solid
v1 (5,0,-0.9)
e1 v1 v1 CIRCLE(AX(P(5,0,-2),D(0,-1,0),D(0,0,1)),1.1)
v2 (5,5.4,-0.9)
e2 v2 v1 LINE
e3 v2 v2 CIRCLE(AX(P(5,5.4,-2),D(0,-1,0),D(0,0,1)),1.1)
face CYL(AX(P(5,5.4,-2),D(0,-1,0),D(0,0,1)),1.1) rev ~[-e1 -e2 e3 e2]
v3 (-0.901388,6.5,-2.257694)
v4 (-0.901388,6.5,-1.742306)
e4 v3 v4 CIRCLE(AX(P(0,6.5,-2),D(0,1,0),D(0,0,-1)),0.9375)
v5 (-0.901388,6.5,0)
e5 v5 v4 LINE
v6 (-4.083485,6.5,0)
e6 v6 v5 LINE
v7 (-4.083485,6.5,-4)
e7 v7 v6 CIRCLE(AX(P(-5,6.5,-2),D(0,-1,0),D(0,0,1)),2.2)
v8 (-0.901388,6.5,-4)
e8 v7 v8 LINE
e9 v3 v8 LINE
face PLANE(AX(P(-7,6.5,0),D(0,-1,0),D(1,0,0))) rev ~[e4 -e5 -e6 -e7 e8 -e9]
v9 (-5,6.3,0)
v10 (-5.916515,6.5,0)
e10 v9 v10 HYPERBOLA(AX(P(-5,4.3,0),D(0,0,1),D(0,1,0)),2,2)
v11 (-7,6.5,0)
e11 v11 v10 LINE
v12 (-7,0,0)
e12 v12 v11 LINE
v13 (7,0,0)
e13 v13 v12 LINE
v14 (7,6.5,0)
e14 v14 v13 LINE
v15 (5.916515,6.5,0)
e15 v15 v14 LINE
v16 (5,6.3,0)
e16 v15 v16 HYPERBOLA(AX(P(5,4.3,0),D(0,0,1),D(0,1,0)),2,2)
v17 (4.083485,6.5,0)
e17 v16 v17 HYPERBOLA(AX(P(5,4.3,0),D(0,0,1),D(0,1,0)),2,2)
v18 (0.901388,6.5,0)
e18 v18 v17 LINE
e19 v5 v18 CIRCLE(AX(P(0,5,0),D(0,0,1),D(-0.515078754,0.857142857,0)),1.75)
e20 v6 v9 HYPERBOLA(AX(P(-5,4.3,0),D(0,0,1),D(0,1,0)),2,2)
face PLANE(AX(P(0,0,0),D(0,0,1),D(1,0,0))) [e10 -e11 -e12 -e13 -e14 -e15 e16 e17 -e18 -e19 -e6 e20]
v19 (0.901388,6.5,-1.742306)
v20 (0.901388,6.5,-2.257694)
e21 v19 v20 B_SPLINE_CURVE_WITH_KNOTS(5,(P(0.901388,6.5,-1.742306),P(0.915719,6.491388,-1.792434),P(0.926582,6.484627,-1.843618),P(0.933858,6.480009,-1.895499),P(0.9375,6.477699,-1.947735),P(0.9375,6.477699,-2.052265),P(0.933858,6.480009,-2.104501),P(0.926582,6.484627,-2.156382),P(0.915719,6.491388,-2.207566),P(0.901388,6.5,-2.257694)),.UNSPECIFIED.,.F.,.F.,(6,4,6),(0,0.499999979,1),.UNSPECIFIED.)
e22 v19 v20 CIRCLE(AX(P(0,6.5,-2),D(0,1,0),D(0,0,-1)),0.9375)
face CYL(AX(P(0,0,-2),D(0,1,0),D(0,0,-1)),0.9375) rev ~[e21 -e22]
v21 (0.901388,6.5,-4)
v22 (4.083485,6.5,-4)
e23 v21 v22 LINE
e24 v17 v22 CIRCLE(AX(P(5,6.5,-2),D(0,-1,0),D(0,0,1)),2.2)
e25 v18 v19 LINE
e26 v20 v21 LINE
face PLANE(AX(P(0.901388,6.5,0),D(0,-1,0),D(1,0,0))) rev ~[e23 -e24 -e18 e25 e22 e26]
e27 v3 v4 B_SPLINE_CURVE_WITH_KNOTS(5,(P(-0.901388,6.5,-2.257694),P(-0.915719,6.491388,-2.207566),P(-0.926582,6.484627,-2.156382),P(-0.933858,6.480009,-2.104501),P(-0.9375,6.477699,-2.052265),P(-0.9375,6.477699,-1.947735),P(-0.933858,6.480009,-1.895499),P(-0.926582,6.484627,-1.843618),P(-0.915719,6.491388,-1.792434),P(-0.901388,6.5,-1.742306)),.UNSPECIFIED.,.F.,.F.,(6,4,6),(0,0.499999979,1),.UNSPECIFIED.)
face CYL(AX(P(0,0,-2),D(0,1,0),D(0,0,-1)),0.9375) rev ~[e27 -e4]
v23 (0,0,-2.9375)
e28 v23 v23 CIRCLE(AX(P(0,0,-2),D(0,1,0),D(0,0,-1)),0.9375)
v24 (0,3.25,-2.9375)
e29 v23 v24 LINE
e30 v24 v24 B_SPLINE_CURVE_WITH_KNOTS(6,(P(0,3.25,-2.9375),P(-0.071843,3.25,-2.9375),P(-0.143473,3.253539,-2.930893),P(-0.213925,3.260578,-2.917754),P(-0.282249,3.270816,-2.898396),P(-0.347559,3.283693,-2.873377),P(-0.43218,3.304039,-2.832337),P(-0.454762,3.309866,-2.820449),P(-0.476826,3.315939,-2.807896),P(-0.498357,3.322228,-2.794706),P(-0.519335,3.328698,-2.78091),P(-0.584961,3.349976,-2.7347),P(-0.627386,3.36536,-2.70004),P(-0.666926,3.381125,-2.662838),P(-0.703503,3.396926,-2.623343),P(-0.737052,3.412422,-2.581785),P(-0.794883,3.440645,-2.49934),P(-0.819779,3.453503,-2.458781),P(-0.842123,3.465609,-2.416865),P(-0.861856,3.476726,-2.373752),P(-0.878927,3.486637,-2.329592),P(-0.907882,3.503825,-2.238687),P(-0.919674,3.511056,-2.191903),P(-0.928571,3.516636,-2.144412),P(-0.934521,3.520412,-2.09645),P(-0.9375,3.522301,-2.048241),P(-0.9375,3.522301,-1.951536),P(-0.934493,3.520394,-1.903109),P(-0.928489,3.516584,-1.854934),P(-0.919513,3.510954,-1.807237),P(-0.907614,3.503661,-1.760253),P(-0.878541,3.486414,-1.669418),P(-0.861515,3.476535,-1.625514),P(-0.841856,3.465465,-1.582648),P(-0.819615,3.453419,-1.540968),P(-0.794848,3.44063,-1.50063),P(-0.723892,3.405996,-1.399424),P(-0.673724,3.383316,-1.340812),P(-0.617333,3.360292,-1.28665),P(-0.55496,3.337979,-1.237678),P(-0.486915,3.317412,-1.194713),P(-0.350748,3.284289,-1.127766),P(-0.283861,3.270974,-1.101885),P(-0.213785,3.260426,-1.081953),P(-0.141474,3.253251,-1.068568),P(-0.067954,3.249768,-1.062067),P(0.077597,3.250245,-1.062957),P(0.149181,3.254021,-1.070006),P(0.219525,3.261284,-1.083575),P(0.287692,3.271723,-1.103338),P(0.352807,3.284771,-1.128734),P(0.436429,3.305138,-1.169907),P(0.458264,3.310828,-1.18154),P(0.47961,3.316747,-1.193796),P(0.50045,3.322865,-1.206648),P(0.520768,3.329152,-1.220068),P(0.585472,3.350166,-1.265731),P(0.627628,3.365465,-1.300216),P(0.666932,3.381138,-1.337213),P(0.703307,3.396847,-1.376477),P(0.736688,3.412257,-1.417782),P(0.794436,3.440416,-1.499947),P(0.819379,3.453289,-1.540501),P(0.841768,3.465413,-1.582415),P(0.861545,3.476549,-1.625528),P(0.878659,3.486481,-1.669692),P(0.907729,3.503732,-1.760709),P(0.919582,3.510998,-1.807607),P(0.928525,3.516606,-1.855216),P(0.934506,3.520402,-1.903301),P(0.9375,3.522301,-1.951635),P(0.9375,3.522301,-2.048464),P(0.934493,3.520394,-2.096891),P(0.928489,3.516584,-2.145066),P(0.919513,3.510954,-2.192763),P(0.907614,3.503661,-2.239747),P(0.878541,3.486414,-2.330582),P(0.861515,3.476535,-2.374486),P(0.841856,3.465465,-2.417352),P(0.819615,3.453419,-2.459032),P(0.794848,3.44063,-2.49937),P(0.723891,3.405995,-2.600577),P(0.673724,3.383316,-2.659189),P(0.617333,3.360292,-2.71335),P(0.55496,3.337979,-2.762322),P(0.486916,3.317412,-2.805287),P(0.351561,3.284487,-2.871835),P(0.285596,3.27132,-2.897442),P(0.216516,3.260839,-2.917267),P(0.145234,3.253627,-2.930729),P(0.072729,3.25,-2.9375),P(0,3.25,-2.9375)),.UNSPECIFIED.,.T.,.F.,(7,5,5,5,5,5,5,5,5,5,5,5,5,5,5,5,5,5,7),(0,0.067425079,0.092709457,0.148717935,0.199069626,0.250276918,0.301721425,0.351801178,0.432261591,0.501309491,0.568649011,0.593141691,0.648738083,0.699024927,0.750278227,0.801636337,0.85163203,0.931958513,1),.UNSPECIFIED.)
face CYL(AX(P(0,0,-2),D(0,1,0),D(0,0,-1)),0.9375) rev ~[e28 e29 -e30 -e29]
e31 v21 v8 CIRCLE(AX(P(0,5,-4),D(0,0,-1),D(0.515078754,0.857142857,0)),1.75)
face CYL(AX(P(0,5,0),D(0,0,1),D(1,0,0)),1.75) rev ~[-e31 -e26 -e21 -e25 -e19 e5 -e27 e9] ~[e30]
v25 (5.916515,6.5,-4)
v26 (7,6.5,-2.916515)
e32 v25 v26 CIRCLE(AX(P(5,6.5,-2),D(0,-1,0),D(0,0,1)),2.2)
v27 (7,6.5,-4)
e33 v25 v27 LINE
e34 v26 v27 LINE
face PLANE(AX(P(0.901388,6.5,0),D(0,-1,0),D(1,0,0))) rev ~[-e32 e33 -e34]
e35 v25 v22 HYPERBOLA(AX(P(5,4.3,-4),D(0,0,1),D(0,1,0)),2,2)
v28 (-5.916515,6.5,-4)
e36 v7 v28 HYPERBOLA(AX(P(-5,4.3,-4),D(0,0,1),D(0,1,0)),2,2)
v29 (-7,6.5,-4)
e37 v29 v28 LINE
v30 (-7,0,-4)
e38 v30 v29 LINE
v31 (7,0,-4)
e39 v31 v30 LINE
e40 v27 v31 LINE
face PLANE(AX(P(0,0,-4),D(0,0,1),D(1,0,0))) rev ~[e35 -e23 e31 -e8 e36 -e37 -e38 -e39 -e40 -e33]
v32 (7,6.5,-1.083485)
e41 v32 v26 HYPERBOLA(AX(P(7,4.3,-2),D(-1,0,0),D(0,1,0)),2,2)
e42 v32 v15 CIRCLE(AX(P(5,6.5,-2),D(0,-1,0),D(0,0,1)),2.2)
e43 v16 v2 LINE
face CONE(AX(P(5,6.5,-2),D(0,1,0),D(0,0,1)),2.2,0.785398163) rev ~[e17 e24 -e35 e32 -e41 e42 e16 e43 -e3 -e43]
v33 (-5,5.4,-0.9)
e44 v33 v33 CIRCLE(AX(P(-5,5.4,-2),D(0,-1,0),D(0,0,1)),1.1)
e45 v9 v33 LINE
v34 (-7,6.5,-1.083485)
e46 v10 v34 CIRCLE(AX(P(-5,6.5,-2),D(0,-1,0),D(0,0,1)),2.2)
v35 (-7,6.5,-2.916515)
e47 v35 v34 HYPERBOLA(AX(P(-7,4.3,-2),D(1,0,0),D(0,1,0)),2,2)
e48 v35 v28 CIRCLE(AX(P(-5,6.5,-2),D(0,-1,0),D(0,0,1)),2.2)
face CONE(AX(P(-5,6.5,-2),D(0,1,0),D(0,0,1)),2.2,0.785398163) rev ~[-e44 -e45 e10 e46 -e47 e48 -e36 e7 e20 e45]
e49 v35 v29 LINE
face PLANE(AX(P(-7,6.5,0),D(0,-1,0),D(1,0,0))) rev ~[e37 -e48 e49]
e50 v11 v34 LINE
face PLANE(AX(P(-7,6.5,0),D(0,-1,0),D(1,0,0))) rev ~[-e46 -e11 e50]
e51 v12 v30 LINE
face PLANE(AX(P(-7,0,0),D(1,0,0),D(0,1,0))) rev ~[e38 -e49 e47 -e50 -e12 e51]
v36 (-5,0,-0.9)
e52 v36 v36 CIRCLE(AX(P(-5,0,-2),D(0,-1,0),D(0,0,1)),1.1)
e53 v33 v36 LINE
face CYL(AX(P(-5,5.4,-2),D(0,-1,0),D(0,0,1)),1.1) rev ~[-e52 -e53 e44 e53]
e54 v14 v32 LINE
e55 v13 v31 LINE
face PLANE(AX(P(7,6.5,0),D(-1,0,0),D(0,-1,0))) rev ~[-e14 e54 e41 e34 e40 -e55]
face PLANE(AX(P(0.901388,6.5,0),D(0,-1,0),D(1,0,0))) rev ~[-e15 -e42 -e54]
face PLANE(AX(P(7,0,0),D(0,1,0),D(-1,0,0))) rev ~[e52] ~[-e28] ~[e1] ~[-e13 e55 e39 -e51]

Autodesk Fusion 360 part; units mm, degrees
sketch "Sketch1" plane through (0, 0, 0) normal (0, 0, 1) x (1, 0, 0)
  circle A0 centre (0, 5) radius 1.75
  line L0 (-7, 6.5) -> (7, 6.5)
  line L1 (7, 6.5) -> (7, 0)
  line L2 (7, 0) -> (-7, 0)
  line L3 (-7, 0) -> (-7, 6.5)
  line L4 (0, 2.5) -> (0, 20) construction
  dimension "d1" = 3.5
  dimension "d2" = 5
  dimension "d3" = 14
  dimension "d4" = 6.5
extrude "Extrude1" add sketch "Sketch1" against normal blind 4 contours A0 L0 L1 L2 L3
sketch "Sketch3" plane through (0, 6.5, 0) normal (0, 1, 0) x (-1, 0, 0)
  line L0 (-0.9014, 0) -> (-7, 0)
  line L1 (-7, 0) -> (-7, -4)
  line L2 (-7, -4) -> (-0.9014, -4)
  line L3 (7, -4) -> (7, 0)
  line L4 (7, -2) -> (-7, -2) construction
  line L5 (0, 0) -> (0, -4.5) construction
  line L6 (-0.9014, -4) -> (-0.9014, 0)
  line L7 (7, 0) -> (0.9014, 0)
  line L8 (0.9014, 0) -> (0.9014, -4)
  line L9 (0.9014, -4) -> (7, -4)
  point P0 (5, -2)
  point P1 (-5, -2)
  dimension "d7" = 10
hole "Hole1" at (5, 6.5, -2) at (-5, 6.5, -2) direction (0, -1, 0) diameter 2.2 end through all countersink diameter 4.4 countersink angle 90
hole "Hole2" at (0, 0, -2) direction (0, 1, 0) diameter 1.875 depth 7.5 tip angle 118
